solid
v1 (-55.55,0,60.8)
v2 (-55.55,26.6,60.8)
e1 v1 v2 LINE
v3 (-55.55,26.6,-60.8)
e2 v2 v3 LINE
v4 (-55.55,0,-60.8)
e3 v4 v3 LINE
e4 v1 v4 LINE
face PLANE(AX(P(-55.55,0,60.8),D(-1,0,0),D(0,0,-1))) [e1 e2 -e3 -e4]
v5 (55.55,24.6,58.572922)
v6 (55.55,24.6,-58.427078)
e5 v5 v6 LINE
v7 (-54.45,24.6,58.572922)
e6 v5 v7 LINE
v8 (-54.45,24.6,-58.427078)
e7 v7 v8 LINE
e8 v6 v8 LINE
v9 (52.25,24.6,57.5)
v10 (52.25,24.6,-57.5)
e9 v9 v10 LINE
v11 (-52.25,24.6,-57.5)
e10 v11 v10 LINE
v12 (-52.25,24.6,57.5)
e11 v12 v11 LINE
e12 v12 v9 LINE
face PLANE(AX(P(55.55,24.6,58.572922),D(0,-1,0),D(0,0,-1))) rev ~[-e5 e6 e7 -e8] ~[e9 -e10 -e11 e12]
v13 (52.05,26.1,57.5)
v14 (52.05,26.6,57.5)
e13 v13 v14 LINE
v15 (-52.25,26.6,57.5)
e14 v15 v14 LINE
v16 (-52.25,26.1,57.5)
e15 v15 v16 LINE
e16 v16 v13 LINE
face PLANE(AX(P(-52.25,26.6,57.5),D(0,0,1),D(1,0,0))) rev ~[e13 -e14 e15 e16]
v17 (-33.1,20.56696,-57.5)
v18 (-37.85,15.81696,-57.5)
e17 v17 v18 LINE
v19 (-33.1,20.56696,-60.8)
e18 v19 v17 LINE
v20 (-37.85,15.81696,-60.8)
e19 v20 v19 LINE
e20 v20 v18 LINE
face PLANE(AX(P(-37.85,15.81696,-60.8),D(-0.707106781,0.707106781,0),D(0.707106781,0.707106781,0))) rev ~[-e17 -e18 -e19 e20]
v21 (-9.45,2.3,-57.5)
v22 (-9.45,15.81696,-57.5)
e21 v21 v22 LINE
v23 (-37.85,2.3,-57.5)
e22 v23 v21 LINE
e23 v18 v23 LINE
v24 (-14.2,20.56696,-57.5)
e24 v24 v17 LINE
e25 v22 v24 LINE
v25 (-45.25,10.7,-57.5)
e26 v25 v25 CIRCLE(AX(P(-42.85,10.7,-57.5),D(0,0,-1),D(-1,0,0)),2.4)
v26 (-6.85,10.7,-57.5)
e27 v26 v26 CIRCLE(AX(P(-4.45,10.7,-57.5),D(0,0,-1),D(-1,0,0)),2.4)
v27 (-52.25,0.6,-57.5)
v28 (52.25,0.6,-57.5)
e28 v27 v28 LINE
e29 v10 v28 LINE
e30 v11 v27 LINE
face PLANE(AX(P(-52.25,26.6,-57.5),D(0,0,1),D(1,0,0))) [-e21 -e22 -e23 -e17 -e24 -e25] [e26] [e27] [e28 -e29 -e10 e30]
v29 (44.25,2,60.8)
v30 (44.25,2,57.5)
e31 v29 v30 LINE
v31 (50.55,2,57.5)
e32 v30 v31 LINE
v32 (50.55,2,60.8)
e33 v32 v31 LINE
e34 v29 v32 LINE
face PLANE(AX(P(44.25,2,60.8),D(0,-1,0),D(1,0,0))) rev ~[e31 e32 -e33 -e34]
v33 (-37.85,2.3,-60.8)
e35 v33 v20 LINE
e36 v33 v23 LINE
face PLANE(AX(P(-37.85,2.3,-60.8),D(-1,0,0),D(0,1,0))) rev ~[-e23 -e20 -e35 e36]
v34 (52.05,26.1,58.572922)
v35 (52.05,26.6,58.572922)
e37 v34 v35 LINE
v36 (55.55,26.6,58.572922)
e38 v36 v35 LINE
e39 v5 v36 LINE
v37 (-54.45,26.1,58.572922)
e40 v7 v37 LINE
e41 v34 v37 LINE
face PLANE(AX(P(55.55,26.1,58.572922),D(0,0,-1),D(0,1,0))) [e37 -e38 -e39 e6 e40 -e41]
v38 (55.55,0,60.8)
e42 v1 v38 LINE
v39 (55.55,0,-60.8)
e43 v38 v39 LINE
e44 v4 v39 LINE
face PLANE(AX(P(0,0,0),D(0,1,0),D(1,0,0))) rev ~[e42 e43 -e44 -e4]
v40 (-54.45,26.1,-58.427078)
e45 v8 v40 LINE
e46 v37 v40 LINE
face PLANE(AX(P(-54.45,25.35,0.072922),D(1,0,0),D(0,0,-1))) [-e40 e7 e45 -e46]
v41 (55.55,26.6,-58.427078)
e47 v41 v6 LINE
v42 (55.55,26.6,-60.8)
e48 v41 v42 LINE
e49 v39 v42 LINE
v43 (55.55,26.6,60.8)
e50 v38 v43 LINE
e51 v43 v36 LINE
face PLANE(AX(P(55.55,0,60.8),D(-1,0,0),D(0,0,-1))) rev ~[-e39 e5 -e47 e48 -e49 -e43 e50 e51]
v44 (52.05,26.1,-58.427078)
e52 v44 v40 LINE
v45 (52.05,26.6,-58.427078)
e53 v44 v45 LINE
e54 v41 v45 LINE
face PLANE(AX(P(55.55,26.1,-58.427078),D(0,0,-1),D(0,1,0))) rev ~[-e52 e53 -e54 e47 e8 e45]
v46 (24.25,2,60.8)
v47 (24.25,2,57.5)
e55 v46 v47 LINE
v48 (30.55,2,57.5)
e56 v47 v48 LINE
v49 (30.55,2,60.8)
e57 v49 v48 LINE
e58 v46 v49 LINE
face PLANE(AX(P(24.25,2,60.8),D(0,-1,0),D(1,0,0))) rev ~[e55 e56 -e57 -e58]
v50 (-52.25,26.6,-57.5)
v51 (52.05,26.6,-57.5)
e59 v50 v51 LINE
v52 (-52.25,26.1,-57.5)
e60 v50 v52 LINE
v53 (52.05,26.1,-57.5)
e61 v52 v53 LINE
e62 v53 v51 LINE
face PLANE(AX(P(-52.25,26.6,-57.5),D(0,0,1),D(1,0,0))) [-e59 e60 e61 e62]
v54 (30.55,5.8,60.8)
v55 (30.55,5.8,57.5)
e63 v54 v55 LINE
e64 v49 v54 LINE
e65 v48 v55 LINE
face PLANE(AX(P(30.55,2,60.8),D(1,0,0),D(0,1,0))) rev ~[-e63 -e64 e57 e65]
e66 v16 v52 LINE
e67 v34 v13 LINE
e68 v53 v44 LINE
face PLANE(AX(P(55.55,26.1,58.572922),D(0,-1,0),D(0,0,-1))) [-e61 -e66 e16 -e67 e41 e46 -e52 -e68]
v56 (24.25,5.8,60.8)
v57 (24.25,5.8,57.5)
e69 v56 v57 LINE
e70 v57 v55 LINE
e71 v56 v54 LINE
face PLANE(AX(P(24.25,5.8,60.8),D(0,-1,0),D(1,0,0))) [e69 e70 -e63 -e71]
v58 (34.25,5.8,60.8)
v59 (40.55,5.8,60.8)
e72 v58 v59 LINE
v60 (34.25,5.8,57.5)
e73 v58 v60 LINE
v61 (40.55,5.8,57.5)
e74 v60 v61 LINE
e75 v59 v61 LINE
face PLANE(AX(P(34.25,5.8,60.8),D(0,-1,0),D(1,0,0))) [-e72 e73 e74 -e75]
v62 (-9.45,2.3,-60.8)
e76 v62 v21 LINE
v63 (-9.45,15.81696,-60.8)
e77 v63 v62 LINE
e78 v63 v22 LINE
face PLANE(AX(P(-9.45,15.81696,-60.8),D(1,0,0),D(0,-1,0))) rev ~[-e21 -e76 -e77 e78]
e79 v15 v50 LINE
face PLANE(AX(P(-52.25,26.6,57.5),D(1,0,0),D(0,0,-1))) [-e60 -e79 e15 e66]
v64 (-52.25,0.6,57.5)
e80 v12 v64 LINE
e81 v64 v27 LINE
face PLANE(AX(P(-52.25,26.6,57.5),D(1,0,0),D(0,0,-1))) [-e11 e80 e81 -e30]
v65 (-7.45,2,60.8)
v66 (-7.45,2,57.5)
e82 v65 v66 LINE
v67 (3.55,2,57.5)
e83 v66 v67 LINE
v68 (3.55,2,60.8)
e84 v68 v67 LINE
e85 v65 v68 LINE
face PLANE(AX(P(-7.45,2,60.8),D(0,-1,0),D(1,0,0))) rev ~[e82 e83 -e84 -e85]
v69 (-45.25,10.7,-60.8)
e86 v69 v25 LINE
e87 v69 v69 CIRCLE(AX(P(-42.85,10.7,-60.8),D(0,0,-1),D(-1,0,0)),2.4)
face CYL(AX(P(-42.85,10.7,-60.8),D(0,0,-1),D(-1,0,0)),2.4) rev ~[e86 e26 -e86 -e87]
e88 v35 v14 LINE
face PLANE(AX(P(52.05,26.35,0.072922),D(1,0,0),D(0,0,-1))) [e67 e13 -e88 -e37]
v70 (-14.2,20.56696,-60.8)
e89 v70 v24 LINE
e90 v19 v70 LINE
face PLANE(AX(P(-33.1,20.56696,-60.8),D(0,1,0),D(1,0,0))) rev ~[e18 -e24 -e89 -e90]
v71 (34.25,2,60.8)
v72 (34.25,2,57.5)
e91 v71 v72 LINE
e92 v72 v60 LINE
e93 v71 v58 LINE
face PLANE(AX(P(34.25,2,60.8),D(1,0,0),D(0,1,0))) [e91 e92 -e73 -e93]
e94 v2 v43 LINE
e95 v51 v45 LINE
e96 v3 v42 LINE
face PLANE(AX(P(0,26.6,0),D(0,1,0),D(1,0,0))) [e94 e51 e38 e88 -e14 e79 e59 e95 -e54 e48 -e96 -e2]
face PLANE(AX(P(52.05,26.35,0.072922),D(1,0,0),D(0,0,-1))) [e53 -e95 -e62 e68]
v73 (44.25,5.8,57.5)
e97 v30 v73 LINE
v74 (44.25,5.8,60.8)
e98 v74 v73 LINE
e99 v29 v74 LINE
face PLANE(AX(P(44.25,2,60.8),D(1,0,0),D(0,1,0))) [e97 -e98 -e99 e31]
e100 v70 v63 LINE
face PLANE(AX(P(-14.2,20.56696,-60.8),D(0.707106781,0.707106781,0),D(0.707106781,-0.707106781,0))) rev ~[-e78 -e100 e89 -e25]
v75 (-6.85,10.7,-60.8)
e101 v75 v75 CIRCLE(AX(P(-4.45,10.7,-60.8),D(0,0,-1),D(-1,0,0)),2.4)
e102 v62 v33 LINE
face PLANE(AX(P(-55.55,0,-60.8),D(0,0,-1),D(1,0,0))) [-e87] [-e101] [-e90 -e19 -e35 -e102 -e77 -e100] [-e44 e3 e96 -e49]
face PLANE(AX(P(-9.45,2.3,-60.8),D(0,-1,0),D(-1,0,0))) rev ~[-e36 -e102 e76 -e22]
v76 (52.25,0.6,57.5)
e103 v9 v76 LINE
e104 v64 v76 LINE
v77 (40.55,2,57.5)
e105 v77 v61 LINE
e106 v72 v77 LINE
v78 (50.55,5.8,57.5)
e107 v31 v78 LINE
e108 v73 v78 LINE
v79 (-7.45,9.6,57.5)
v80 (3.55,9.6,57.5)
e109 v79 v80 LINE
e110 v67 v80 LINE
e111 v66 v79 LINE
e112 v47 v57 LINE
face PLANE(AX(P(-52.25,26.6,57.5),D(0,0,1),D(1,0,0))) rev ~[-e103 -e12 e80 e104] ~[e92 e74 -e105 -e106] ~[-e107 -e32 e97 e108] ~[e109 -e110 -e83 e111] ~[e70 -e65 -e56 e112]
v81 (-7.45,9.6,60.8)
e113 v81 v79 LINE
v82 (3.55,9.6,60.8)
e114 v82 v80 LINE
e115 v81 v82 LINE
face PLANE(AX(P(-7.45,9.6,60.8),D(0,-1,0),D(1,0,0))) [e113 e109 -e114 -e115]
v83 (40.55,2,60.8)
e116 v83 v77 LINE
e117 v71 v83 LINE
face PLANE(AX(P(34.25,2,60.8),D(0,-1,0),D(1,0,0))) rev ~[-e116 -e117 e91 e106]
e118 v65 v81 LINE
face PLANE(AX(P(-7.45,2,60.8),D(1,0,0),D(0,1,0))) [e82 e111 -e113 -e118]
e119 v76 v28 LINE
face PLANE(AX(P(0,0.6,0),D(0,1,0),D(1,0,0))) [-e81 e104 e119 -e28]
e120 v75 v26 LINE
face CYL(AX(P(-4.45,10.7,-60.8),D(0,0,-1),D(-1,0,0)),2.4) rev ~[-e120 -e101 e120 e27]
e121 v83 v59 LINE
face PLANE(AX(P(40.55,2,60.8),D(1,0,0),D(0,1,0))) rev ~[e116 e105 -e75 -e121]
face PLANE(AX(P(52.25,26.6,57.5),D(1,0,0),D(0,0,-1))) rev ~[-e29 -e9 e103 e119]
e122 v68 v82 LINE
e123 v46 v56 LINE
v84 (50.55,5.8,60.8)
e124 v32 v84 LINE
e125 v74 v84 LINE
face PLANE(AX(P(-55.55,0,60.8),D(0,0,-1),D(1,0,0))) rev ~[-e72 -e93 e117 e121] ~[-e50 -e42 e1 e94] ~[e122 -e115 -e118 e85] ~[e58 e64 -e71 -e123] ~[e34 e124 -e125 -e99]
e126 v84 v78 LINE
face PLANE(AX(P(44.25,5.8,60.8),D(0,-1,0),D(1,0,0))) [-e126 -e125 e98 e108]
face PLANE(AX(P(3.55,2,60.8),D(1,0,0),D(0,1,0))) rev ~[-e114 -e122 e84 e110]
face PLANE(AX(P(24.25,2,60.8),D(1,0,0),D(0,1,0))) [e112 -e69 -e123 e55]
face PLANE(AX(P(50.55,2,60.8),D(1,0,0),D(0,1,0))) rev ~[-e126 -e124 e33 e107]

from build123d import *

# Parameters (mm, degrees)
SKETCH1_W           = 111.1
SKETCH1_H           = 121.6
BOSS_EXTRUDE1_DEPTH = 26.6
SKETCH2_W           = 104.5
SKETCH2_H           = 115
CUT_EXTRUDE1_DEPTH  = 26
SKETCH5_R           = 2.4
CUT_EXTRUDE3_DEPTH  = 4
SKETCH7_W           = 6.3
SKETCH7_H           = 3.8
SKETCH7_W_2         = 11
SKETCH7_H_2         = 7.6
CUT_EXTRUDE4_DEPTH  = 4
SKETCH8_W           = 117
SKETCH8_H           = 1.5
CUT_EXTRUDE5_DEPTH  = 110
SKETCH9_W           = 117
SKETCH9_H           = 0.5
CUT_EXTRUDE6_DEPTH  = 3.5


with BuildPart() as part:
    # Sketch1 → Boss-Extrude1 (new body)
    with BuildSketch(Plane(origin=(0, 0, 0), x_dir=(1, 0, 0), z_dir=(0, 1, 0))):
        Rectangle(SKETCH1_W, SKETCH1_H)
    extrude(amount=BOSS_EXTRUDE1_DEPTH)

    # Sketch2 → Cut-Extrude1 (cut)
    with BuildSketch(Plane(origin=(0, 26.6, 0), x_dir=(1, 0, 0), z_dir=(0, 1, 0))):
        Rectangle(SKETCH2_W, SKETCH2_H)
    extrude(amount=-CUT_EXTRUDE1_DEPTH, mode=Mode.SUBTRACT)

    # Sketch5 → Cut-Extrude3 (cut)
    with BuildSketch(Plane(origin=(0, 0, -60.8), x_dir=(-1, 0, 0), z_dir=(0, 0, -1))):
        with Locations((42.85, 10.7)):
            Circle(SKETCH5_R)
        with Locations((4.45, 10.7)):
            Circle(SKETCH5_R)
        Polygon((9.45, 2.3), (37.85, 2.3), (37.85, 15.816960095), (33.1, 20.566960095), (14.2, 20.566960095), (9.45, 15.816960095), align=None)
    extrude(amount=-CUT_EXTRUDE3_DEPTH, mode=Mode.SUBTRACT)

    # Sketch7 → Cut-Extrude4 (cut)
    with BuildSketch(Plane.XY.offset(60.8)):
        with Locations((47.4, 3.9)):
            Rectangle(SKETCH7_W, SKETCH7_H)
        with Locations((37.4, 3.9)):
            Rectangle(SKETCH7_W, SKETCH7_H)
        with Locations((27.4, 3.9)):
            Rectangle(SKETCH7_W, SKETCH7_H)
        with Locations((-1.95, 5.8)):
            Rectangle(SKETCH7_W_2, SKETCH7_H_2)
    extrude(amount=-CUT_EXTRUDE4_DEPTH, mode=Mode.SUBTRACT)

    # Sketch8 → Cut-Extrude5 (cut)
    with BuildSketch(Plane(origin=(55.55, 0, 0), x_dir=(0, 0, -1), z_dir=(1, 0, 0))):
        with Locations((-0.072921922, 25.35)):
            Rectangle(SKETCH8_W, SKETCH8_H)
    extrude(amount=-CUT_EXTRUDE5_DEPTH, mode=Mode.SUBTRACT)

    # Sketch9 → Cut-Extrude6 (cut)
    with BuildSketch(Plane(origin=(55.55, 0, 0), x_dir=(0, 0, -1), z_dir=(1, 0, 0))):
        with Locations((-0.072921922, 26.35)):
            Rectangle(SKETCH9_W, SKETCH9_H)
    extrude(amount=-CUT_EXTRUDE6_DEPTH, mode=Mode.SUBTRACT)


solid = part.part
